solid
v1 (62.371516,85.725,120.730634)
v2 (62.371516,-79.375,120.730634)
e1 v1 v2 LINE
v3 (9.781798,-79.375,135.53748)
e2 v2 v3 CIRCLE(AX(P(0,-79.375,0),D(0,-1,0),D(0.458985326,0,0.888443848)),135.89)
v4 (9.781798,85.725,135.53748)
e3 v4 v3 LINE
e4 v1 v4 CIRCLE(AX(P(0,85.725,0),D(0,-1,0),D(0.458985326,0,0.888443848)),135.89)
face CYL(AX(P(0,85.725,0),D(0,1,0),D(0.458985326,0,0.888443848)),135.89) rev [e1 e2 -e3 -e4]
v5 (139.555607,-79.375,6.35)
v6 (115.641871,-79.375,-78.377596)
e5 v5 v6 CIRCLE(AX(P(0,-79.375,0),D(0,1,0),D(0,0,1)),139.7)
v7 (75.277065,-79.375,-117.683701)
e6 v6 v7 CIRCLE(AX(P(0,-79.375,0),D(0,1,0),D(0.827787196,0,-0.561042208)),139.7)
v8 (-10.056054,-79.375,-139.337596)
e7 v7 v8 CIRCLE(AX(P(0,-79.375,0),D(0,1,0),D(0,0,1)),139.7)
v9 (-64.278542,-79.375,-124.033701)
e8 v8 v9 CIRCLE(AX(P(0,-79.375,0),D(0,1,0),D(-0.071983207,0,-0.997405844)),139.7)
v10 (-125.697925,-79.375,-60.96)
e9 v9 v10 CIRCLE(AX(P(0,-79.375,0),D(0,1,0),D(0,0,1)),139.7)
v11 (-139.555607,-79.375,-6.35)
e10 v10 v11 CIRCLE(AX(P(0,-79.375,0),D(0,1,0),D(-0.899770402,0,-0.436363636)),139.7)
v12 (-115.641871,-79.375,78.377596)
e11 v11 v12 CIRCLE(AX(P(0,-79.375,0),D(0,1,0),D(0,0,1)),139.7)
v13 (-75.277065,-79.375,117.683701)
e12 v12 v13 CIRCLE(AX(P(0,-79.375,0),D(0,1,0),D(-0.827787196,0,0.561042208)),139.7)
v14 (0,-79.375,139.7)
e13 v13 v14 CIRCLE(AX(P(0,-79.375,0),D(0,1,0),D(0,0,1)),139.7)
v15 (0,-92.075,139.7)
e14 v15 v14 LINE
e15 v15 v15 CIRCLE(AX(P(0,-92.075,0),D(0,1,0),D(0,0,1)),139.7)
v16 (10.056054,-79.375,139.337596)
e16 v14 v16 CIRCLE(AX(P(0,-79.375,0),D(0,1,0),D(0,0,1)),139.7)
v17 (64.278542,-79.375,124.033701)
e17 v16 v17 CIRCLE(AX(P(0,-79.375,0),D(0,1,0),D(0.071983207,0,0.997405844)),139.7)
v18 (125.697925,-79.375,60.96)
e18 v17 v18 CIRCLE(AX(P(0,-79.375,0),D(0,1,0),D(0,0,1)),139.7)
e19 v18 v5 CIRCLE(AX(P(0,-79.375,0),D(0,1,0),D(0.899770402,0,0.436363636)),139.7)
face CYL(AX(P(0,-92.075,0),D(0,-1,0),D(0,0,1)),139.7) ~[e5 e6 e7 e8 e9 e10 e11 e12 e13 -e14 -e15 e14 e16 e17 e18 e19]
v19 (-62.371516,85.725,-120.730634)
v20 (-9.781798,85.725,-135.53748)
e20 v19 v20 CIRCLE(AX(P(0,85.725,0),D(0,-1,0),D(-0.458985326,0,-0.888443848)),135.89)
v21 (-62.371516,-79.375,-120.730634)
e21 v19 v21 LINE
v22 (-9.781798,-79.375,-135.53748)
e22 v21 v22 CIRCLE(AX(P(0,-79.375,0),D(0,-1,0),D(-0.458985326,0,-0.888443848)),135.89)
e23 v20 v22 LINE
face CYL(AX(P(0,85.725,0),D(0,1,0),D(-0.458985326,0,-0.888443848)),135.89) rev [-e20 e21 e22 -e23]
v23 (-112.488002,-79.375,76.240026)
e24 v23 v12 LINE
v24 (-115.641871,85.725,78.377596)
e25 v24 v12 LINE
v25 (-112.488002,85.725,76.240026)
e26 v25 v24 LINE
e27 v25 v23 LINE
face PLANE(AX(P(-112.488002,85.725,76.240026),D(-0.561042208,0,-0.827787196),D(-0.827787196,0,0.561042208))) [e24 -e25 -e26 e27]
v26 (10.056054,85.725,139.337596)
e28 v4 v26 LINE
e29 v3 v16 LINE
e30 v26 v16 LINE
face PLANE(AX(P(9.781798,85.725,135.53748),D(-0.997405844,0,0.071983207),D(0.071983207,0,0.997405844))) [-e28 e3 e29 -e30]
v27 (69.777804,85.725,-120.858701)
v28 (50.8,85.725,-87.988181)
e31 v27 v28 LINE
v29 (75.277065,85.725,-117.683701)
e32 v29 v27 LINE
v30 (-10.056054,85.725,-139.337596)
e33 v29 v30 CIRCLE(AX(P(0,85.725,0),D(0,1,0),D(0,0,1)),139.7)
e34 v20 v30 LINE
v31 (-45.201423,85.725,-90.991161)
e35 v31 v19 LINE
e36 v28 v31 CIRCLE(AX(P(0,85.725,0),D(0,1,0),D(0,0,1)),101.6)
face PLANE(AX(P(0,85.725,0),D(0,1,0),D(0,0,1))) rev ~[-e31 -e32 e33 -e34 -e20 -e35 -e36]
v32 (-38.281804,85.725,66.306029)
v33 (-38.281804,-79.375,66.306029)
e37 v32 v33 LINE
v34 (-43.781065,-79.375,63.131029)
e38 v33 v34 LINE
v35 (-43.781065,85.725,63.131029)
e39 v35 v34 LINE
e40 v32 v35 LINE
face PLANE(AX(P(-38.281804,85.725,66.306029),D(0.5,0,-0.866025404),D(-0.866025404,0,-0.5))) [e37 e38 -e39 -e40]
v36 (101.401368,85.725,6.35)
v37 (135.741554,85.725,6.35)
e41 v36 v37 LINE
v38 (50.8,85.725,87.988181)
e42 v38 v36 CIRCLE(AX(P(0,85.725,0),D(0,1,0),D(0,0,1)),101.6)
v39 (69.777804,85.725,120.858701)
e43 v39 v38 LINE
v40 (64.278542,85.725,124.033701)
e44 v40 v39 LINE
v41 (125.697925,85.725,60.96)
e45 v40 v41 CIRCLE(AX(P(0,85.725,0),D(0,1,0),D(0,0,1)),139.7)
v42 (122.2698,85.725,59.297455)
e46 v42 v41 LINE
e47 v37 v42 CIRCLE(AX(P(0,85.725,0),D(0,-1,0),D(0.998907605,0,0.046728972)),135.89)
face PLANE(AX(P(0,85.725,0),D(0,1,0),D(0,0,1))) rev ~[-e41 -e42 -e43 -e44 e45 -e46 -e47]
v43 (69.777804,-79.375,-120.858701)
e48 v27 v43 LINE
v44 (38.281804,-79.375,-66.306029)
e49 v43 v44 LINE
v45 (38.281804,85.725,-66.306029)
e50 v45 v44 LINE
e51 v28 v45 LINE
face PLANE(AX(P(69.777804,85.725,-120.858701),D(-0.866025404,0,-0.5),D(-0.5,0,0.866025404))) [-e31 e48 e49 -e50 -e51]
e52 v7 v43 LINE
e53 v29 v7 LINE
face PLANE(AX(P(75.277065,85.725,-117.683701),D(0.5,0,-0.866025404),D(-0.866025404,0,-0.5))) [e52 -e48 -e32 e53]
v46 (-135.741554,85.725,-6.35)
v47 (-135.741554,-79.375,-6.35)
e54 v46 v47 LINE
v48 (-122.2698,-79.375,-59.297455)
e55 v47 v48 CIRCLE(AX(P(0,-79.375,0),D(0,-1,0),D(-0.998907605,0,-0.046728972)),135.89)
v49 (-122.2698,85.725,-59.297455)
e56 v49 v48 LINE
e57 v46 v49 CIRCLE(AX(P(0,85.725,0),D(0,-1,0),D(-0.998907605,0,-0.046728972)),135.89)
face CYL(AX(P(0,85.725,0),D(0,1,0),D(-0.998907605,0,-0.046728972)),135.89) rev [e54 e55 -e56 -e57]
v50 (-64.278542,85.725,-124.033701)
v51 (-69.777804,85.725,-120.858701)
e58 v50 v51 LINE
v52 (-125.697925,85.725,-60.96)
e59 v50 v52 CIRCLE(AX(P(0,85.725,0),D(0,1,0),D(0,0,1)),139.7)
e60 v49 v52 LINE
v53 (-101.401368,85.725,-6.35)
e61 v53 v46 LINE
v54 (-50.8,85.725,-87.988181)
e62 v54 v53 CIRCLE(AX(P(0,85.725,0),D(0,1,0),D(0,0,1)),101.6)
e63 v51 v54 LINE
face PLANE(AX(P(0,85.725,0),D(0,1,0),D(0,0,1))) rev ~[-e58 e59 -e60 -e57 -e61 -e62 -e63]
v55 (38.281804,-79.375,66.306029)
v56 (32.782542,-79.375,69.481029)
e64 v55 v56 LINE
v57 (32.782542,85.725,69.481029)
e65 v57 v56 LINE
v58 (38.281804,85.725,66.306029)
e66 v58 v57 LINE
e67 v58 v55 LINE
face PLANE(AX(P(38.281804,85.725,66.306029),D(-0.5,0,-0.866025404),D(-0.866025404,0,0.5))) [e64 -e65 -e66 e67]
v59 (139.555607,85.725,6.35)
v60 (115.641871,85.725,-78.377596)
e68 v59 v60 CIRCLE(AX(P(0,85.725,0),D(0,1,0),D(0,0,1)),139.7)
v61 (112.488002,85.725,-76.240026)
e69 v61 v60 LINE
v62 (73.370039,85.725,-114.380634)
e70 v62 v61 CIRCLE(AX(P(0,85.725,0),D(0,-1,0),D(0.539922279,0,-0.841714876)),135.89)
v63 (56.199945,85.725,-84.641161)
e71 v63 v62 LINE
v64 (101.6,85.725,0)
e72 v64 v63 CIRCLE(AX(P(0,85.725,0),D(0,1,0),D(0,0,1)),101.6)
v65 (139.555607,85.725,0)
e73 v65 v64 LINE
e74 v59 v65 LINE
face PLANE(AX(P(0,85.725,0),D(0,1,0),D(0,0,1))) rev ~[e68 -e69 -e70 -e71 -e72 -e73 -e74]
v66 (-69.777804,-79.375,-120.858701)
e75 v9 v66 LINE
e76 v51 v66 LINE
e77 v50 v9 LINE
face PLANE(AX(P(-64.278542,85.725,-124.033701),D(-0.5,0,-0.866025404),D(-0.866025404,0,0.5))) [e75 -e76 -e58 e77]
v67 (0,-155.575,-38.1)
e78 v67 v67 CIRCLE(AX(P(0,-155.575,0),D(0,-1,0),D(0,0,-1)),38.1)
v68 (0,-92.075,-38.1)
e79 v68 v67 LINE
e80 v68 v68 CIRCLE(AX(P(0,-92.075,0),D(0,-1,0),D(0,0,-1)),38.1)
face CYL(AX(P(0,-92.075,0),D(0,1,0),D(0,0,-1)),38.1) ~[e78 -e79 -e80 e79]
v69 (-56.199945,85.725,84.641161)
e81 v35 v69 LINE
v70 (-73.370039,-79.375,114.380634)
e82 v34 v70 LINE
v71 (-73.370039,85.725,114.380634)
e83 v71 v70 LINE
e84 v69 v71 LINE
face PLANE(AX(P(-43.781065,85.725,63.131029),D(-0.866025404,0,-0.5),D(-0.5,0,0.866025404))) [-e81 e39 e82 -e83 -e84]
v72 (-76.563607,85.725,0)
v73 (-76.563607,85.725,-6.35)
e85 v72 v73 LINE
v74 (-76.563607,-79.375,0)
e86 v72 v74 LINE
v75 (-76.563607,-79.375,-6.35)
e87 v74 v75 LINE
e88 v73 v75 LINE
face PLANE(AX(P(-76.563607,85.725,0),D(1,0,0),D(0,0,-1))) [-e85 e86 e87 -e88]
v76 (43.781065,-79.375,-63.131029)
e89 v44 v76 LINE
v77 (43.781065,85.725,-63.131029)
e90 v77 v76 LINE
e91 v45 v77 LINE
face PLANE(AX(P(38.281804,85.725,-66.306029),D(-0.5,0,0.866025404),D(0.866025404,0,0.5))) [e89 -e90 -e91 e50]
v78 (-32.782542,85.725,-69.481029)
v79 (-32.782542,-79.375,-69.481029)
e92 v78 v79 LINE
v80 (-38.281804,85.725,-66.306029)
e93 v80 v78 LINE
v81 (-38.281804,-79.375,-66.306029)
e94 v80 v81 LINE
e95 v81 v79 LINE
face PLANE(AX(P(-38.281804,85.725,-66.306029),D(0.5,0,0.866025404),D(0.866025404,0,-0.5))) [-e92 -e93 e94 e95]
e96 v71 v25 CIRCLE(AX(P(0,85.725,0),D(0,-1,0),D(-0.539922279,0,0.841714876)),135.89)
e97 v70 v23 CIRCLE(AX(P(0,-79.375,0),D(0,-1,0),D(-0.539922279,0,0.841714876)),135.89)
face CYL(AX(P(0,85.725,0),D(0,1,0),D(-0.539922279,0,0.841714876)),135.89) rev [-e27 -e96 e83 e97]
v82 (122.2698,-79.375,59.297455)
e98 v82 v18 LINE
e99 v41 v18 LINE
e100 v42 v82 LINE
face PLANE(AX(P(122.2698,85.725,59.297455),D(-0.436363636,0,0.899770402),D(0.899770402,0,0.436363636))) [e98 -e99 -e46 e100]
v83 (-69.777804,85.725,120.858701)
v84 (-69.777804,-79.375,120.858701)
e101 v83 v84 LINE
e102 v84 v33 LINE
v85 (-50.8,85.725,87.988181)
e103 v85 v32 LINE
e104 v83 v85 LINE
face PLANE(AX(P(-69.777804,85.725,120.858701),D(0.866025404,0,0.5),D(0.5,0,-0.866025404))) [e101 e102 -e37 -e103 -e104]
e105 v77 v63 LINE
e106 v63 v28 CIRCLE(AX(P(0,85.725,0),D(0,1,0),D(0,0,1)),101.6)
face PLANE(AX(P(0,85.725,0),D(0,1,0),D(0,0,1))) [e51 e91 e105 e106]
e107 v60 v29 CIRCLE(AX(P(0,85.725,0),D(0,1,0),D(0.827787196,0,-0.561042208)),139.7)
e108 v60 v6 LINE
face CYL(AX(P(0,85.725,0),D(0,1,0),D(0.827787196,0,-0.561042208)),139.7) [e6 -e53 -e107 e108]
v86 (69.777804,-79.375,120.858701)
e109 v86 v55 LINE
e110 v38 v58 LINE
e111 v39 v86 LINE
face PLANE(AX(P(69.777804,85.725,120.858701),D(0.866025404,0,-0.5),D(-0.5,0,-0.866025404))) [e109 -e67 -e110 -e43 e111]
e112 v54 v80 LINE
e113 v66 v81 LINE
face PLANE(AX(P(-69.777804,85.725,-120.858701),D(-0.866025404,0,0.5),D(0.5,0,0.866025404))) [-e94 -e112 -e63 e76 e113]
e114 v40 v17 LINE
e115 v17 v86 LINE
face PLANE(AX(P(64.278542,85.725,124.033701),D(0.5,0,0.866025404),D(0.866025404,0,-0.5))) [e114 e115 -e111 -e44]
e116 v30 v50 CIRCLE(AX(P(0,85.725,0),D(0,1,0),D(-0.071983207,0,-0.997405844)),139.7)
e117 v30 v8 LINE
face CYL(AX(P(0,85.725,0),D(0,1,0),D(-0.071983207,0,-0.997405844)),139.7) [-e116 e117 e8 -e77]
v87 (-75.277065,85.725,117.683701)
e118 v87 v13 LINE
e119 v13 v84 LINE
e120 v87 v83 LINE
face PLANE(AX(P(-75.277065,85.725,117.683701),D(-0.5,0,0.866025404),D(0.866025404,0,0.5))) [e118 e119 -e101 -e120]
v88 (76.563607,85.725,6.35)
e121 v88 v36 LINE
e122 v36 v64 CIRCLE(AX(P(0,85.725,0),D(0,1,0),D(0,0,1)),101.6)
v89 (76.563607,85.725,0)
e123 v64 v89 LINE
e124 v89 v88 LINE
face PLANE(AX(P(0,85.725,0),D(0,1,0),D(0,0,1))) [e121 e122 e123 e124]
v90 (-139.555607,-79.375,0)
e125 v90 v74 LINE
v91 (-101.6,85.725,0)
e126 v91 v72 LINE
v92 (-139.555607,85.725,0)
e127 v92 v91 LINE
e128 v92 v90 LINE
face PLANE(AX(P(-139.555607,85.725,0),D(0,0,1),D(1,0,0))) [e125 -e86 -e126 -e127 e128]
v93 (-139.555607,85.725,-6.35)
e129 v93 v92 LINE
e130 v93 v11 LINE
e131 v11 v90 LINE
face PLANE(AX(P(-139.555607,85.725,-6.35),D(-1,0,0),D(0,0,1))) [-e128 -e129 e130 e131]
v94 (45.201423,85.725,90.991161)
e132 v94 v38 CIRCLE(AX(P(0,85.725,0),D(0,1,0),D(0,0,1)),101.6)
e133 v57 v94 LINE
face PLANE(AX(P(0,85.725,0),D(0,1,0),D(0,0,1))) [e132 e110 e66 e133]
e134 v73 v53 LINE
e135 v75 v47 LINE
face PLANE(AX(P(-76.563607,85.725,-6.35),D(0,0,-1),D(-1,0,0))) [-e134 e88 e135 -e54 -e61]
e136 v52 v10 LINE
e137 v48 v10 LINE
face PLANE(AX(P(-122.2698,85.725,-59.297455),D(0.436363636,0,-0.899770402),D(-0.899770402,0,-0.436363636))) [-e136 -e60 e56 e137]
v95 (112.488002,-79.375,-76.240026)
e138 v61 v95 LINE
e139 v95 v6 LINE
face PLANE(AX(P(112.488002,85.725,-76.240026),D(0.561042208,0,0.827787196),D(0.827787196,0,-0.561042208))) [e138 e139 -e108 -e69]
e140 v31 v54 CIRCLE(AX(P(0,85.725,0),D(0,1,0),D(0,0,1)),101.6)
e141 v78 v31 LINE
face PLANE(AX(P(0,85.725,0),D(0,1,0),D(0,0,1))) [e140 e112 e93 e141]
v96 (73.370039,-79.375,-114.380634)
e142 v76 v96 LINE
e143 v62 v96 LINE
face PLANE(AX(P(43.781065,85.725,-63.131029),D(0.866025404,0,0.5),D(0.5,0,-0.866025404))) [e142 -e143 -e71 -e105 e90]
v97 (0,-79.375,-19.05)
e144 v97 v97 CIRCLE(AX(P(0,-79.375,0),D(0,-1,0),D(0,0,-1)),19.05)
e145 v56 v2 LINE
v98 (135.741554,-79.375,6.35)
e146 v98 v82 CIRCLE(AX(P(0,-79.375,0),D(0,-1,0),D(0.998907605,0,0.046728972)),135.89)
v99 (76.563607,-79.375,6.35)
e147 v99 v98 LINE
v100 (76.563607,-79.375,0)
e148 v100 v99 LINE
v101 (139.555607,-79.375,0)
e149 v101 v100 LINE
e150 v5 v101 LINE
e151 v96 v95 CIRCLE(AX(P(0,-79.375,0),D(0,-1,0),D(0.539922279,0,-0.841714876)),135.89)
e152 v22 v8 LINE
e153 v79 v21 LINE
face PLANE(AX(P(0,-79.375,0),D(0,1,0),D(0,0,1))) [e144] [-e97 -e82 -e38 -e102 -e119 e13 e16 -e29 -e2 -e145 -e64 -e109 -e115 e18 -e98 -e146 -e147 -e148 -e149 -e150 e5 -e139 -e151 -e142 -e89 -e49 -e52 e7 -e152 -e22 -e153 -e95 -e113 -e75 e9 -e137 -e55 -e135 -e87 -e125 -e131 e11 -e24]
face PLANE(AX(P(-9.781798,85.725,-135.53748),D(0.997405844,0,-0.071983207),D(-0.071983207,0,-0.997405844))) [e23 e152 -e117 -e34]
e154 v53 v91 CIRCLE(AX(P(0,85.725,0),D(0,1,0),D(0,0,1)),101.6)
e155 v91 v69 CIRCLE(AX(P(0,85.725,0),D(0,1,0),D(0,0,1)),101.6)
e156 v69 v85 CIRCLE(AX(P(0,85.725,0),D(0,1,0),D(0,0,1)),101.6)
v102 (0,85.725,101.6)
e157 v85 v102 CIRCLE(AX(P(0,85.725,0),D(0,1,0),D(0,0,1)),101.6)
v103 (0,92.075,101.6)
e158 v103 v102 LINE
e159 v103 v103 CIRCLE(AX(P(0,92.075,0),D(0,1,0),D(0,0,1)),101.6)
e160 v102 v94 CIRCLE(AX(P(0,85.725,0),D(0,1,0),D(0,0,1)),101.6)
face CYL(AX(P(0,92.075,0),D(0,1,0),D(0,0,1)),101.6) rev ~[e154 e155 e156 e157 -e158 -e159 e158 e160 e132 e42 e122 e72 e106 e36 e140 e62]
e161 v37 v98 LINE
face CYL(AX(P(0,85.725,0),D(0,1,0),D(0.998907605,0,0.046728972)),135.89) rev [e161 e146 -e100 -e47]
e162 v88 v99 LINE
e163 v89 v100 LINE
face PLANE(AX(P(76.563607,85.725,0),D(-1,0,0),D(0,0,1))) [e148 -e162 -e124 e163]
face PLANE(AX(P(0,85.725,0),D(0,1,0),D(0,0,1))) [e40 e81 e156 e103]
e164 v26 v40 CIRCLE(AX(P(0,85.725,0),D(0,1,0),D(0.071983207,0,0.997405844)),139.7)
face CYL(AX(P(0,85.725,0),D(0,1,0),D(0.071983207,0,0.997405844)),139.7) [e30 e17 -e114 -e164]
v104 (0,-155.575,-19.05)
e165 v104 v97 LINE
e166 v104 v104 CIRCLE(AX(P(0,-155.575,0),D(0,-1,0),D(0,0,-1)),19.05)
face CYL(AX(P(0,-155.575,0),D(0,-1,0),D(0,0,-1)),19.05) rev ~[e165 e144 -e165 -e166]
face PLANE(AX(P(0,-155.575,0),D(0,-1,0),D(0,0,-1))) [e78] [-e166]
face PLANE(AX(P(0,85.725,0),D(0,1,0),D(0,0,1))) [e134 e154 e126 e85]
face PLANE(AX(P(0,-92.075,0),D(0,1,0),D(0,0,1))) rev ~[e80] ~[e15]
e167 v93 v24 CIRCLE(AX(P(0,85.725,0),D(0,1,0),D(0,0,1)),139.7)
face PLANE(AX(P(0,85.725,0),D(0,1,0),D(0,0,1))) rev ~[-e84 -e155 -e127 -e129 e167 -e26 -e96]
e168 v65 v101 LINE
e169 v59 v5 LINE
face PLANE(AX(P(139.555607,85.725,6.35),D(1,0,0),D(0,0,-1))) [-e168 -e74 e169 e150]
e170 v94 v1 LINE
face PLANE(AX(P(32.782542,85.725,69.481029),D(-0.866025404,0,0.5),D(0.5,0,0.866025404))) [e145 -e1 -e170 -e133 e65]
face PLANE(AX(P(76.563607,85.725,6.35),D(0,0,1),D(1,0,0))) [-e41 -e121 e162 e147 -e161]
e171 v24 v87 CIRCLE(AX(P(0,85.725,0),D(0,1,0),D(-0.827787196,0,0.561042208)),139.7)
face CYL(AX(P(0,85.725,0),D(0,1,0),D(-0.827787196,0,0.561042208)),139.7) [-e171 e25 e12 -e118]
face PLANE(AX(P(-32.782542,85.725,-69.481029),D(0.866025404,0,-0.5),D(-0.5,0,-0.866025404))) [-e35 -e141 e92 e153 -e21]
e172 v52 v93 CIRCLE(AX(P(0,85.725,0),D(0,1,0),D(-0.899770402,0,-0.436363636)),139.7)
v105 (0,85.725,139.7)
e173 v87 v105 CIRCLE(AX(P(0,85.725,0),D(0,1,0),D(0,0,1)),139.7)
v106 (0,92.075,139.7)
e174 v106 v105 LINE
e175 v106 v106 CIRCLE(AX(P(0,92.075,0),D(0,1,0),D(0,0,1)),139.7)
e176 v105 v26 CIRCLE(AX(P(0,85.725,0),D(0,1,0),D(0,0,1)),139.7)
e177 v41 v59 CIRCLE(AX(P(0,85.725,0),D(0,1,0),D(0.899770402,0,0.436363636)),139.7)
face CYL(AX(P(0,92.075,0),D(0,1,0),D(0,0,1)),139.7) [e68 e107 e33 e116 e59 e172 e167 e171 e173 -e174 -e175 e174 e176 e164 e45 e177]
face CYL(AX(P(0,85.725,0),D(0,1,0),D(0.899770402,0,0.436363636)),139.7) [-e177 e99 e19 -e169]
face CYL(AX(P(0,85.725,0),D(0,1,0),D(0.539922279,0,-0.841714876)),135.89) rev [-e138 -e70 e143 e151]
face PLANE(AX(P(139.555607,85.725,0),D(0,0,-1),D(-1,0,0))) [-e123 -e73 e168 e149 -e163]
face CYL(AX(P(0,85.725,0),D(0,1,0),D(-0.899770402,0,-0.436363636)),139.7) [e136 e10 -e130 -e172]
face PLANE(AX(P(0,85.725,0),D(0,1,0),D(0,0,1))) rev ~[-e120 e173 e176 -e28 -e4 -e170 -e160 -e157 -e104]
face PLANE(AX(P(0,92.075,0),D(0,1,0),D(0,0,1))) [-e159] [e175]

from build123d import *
from build123d.topology import SkipClean

# Parameters (mm, degrees)
BOSS_EXTRUDE1_START = 92.075
SKETCH1_R           = 139.7
BOSS_EXTRUDE1_DEPTH = 6.35
BOSS_EXTRUDE2_START = -92.075
SKETCH2_R           = 139.7
BOSS_EXTRUDE2_DEPTH = 12.7
BOSS_EXTRUDE3_START = 165.1
BOSS_EXTRUDE3_DEPTH = 165.1
CIRPATTERN1_COUNT   = 6
SKETCH8_R           = 38.1
BOSS_EXTRUDE4_DEPTH = 63.5
SKETCH9_R           = 19.05
CUT_EXTRUDE1_DEPTH  = 76.2
SKETCH10_R          = 101.6
CUT_EXTRUDE2_DEPTH  = 6.35


with BuildPart() as part:
    # Sketch1 → Boss-Extrude1 (new body)
    with BuildSketch(Plane(origin=(0, 0, 0), x_dir=(1, 0, 0), z_dir=(0, 1, 0)).offset(BOSS_EXTRUDE1_START)):
        with Locations(Location((0, 0, 0), (0, 0, 270))):
            Circle(SKETCH1_R)
    extrude(amount=-BOSS_EXTRUDE1_DEPTH)



with BuildPart() as body_2:
    # Sketch2 → Boss-Extrude2 (new body)
    with BuildSketch(Plane(origin=(0, 0, 0), x_dir=(1, 0, 0), z_dir=(0, 1, 0)).offset(BOSS_EXTRUDE2_START)):
        with Locations(Location((0, 0, 0), (0, 0, 270))):
            Circle(SKETCH2_R)
    extrude(amount=BOSS_EXTRUDE2_DEPTH)


with BuildPart() as part_1:
    add(part.part)

    add(body_2.part)  # Boss-Extrude3 merges body 2
    # Sketch3 → Boss-Extrude3 (add)
    with BuildSketch(Plane(origin=(0, -79.375, 0), x_dir=(1, 0, 0), z_dir=(0, 1, 0)).offset(BOSS_EXTRUDE3_START)):
        with BuildLine():
            Line((122.269799969, -59.297454545), (125.697925202, -60.96))
            ThreePointArc((125.697925202, -60.96), (135.408353278, -34.360847815), (139.555607197, -6.35))
            Line((139.555607197, -6.35), (139.555607197, 0))
            Line((139.555607197, 0), (76.563607197, 0))
            Line((76.563607197, 0), (76.563607197, -6.35))
            Line((76.563607197, -6.35), (135.741554433, -6.35))
            ThreePointArc((135.741554433, -6.35), (131.694050685, -33.507747077), (122.269799969, -59.297454545))
        make_face()
    boss_extrude3 = extrude(amount=-BOSS_EXTRUDE3_DEPTH)

    # CirPattern1: Boss-Extrude3 ×6 about axis
    with SkipClean():  # the faces are left unmerged after this step: merging them gives an invalid solid
        cirpattern1_axis = Axis((0, 0, 0), (0, 1, 0))
        for i in range(1, CIRPATTERN1_COUNT):
            add(boss_extrude3.rotate(cirpattern1_axis, i * 360 / CIRPATTERN1_COUNT))

    # Sketch8 → Boss-Extrude4 (add)
    with SkipClean():  # the faces are left unmerged after this step: merging them gives an invalid solid
        with BuildSketch(Plane.XZ.offset(92.075)):
            with Locations(Location((0, 0, 0), (0, 0, 270))):
                Circle(SKETCH8_R)
        extrude(amount=BOSS_EXTRUDE4_DEPTH)

    # Sketch9 → Cut-Extrude1 (cut)
    with SkipClean():  # the faces are left unmerged after this step: merging them gives an invalid solid
        with BuildSketch(Plane.XZ.offset(155.575)):
            with Locations(Location((0, 0, 0), (0, 0, 270))):
                Circle(SKETCH9_R)
        extrude(amount=-CUT_EXTRUDE1_DEPTH, mode=Mode.SUBTRACT)

    # Sketch10 → Cut-Extrude2 (cut)
    with SkipClean():  # the faces are left unmerged after this step: merging them gives an invalid solid
        with BuildSketch(Plane(origin=(0, 92.075, 0), x_dir=(1, 0, 0), z_dir=(0, 1, 0))):
            with Locations(Location((0, 0, 0), (0, 0, 270))):
                Circle(SKETCH10_R)
        extrude(amount=-CUT_EXTRUDE2_DEPTH, mode=Mode.SUBTRACT)


solid = part_1.part
